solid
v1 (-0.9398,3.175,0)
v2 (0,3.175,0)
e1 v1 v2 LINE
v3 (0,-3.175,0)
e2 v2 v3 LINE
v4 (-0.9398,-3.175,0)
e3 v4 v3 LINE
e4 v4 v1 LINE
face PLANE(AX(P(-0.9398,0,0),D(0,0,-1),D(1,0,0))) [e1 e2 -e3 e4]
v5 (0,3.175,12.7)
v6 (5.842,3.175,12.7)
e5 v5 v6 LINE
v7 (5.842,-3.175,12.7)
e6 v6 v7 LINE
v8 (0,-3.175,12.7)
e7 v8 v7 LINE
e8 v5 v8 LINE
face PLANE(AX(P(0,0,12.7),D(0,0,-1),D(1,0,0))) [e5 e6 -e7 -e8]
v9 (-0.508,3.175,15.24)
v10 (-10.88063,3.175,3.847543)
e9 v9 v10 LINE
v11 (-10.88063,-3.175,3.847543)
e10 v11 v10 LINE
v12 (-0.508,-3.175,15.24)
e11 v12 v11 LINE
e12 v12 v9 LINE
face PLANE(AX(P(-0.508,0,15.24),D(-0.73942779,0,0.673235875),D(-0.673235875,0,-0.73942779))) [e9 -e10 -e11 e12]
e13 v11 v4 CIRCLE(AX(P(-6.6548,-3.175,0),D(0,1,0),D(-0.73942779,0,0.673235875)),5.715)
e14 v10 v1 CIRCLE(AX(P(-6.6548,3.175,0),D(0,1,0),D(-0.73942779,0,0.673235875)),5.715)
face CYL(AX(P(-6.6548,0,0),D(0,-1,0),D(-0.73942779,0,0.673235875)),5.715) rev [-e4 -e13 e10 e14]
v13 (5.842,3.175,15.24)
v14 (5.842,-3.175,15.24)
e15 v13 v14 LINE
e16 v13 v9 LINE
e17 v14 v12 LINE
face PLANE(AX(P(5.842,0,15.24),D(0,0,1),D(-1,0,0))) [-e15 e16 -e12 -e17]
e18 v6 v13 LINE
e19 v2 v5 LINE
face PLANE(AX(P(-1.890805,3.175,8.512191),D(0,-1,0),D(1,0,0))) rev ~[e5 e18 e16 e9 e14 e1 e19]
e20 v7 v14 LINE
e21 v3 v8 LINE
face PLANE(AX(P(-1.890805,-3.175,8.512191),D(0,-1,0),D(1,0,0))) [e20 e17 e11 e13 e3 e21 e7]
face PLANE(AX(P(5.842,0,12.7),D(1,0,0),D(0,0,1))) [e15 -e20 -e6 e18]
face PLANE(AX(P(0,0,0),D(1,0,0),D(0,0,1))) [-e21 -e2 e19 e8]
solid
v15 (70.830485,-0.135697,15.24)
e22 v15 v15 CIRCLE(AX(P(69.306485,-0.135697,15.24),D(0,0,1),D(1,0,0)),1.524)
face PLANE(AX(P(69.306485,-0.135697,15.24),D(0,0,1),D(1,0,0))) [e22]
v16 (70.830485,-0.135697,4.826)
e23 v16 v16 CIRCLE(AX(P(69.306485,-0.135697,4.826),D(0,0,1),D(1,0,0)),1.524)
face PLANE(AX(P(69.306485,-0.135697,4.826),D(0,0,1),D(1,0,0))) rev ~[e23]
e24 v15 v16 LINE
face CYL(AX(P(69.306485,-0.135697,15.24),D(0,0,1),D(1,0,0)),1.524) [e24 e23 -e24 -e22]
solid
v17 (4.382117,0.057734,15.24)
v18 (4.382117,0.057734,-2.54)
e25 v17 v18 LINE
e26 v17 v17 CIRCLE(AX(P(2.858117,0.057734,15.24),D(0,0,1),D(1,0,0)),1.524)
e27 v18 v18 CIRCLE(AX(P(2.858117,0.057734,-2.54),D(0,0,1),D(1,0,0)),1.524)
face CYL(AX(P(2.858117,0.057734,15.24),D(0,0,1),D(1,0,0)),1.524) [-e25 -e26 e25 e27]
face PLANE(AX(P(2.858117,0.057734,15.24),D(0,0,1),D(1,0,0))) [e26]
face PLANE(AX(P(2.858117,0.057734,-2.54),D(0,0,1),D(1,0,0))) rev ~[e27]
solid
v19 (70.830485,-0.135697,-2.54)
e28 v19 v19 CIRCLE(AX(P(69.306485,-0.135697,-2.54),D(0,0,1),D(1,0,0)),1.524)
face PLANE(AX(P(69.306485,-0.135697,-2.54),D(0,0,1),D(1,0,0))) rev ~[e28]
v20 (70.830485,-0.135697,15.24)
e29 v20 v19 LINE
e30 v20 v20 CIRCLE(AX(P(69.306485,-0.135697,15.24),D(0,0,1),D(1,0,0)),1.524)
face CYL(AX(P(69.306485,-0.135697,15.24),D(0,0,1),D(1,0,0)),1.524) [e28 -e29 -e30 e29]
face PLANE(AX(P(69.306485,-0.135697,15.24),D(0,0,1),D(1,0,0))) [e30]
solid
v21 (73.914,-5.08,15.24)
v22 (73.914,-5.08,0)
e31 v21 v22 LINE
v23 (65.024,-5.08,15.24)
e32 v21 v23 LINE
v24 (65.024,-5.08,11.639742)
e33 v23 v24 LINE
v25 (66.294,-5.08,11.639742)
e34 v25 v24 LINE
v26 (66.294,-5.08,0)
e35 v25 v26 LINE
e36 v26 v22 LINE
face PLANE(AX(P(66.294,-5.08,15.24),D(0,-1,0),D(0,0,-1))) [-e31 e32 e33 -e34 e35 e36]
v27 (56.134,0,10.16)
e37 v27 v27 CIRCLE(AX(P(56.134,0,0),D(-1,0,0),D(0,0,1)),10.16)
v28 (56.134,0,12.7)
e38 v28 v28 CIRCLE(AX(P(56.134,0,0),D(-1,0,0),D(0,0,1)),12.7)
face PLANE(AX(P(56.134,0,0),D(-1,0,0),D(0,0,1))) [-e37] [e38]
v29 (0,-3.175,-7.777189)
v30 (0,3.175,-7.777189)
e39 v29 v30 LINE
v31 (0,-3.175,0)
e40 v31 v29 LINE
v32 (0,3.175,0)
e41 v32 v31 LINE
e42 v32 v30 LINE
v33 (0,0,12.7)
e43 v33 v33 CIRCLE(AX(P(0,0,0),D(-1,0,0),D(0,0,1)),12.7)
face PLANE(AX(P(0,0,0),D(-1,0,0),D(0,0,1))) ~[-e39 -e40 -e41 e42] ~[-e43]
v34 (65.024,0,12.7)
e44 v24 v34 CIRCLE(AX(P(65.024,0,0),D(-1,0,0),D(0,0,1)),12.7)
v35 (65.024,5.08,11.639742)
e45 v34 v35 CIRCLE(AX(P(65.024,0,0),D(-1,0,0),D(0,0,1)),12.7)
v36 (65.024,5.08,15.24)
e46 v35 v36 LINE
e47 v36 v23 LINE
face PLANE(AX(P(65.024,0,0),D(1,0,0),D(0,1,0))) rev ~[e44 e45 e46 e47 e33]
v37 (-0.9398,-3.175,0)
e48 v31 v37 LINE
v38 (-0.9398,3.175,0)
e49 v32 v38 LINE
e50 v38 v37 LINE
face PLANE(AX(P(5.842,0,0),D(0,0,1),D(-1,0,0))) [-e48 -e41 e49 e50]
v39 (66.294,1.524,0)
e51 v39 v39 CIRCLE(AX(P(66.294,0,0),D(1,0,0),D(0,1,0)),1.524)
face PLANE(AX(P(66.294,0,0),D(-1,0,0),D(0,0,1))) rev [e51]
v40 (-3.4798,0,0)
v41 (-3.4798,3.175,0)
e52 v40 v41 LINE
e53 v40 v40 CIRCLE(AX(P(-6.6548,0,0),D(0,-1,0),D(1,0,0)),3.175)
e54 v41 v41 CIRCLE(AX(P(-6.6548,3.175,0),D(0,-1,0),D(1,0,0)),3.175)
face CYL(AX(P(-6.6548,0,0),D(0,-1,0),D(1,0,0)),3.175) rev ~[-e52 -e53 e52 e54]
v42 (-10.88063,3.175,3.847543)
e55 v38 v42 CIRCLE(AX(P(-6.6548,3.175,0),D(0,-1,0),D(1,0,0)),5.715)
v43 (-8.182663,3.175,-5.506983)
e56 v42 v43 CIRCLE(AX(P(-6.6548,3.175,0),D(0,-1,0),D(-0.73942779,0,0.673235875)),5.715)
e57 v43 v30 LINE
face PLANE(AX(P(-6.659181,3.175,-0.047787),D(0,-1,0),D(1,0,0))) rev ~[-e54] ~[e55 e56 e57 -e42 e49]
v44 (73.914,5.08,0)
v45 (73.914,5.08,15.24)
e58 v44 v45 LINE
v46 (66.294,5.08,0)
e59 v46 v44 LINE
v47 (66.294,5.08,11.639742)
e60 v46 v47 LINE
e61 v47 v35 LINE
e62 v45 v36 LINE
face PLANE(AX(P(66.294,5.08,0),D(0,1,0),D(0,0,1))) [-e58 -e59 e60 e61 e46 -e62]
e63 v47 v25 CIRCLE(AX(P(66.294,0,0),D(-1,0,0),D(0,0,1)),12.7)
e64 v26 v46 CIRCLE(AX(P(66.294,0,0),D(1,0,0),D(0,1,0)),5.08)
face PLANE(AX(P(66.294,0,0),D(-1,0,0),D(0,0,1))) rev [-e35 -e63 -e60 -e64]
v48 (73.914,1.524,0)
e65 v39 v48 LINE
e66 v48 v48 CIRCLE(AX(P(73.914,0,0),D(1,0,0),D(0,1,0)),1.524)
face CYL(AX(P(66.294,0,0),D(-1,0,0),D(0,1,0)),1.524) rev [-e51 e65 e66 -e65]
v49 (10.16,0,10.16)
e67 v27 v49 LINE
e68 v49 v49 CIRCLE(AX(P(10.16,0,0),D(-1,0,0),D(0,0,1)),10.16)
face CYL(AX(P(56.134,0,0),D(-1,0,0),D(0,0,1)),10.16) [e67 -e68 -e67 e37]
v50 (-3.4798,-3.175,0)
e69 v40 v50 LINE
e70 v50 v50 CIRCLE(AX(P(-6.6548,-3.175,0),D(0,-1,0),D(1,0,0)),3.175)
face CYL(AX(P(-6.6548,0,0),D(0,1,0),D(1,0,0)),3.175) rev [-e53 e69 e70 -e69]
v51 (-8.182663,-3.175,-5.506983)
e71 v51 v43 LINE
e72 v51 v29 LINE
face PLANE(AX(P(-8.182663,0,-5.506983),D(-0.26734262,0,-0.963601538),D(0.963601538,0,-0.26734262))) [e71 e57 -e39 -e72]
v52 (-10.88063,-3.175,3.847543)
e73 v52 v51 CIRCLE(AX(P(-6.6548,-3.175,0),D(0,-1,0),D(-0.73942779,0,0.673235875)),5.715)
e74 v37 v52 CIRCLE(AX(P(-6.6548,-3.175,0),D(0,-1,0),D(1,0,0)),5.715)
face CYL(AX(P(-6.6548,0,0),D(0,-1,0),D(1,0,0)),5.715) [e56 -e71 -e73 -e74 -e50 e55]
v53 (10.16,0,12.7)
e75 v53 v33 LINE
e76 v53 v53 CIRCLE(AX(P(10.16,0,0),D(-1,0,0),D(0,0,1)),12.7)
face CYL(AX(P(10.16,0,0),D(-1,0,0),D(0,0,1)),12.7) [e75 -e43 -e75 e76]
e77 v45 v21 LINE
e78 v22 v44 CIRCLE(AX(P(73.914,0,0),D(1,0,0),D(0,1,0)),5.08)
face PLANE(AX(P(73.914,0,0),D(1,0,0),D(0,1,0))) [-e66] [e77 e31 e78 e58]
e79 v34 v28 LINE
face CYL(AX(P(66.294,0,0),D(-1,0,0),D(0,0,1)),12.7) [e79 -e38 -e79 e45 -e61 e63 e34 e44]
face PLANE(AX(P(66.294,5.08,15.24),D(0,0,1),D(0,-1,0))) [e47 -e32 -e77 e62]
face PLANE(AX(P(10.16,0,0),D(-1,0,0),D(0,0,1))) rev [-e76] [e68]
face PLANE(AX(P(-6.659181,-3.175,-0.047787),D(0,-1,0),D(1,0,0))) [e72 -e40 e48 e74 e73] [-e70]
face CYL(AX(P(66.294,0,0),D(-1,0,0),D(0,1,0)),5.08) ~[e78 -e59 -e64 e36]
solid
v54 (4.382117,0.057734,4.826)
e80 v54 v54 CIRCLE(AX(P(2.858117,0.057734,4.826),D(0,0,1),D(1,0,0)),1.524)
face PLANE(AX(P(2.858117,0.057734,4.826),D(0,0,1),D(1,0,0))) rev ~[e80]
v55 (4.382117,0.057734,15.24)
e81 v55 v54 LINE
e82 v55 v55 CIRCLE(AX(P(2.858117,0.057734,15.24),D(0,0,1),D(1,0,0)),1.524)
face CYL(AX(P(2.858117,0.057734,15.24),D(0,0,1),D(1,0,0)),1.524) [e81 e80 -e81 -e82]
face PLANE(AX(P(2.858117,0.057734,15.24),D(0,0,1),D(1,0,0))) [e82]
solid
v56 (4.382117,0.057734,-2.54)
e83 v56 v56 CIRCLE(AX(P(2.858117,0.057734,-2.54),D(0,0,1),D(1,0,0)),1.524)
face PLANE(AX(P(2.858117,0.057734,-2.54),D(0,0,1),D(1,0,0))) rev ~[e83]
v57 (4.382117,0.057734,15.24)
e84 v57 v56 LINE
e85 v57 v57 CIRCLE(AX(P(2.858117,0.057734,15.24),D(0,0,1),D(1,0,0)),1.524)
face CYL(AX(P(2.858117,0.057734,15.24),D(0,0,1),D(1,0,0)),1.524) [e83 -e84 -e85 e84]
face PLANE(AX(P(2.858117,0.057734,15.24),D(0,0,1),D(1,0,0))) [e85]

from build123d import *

# Parameters (mm, degrees)
F0_W          = 5.842
F0_H          = 12.7
F0_R          = 3.175
F2_DEPTH      = 3.175
F3_DEPTH      = 3.175
F4_R          = 1.524
F5_DEPTH      = 7.62
F5_DEPTH_BACK = 1.27
F7_R          = 1.524
F8_DEPTH      = 17.78
F9_DEPTH      = 17.78
F10_DEPTH     = 10.414


with BuildPart() as f1:
    # F0 (on Front) → F1 (revolve)
    with BuildSketch(Plane.XZ):
        Polygon((5.842, 12.7), (5.842, 0), (66.294, 0), (66.294, 12.7), (56.134, 12.7), (56.134, 10.16), (10.16, 10.16), (10.16, 12.7), align=None)
        with Locations((2.921, 6.35)):
            Rectangle(F0_W, F0_H)
    revolve(axis=Axis((33.147, 0, 0), (-1, 0, 0)))

    # F0 (on Front) → F2 (join, symmetric)
    with BuildSketch(Plane.XZ):
        with BuildLine():
            ThreePointArc((-8.1826630726, -5.5069827884), (-3.1957909266, -4.5493385486), (-0.9398, 0))
            ThreePointArc((-0.9398, 0), (-4.5919612295, 5.3297205562), (-10.8806298187, 3.8475430269))
            ThreePointArc((-10.8806298187, 3.8475430269), (-12.1459778134, -1.5837270034), (-8.1826630726, -5.5069827884))
        make_face()
        with Locations((-6.6548, 0)):
            Circle(F0_R, mode=Mode.SUBTRACT)
        with BuildLine():
            Line((5.842, 0), (0, 0))
            Line((0, 0), (-0.9398, 0))
            ThreePointArc((-0.9398, 0), (-3.1957909266, -4.5493385486), (-8.1826630726, -5.5069827884))
            Line((-8.1826630726, -5.5069827884), (5.842, -9.398))
            Line((5.842, -9.398), (5.842, 0))
        make_face()
    extrude(amount=F2_DEPTH, both=True)

    # F4 (on face) → F5 (join, two sides)
    with BuildSketch(Plane.YZ.offset(66.294)) as f5_sk:
        with BuildLine():
            ThreePointArc((-5.08, 0), (0, -5.08), (5.08, 0))
            ThreePointArc((5.08, 0), (0, 5.08), (-5.08, 0))
        make_face()
        Circle(F4_R, mode=Mode.SUBTRACT)
        with BuildLine():
            ThreePointArc((-5.08, 0), (0, 5.08), (5.08, 0))
            Line((5.08, 0), (5.08, 15.24))
            Line((5.08, 15.24), (-5.08, 15.24))
            Line((-5.08, 15.24), (-5.08, 0))
        make_face()
    extrude(amount=F5_DEPTH)
    extrude(f5_sk.sketch, amount=-F5_DEPTH_BACK)


with BuildPart() as f3:
    # F0 (on Front) → F3 (new body, symmetric)
    with BuildSketch(Plane.XZ):
        with BuildLine():
            Line((-0.9398, 0), (0, 0))
            Line((0, 0), (0, 12.7))
            Line((0, 12.7), (5.842, 12.7))
            Line((5.842, 12.7), (5.842, 15.24))
            Line((5.842, 15.24), (-0.508, 15.24))
            Line((-0.508, 15.24), (-10.8806298187, 3.8475430269))
            ThreePointArc((-10.8806298187, 3.8475430269), (-4.5919612295, 5.3297205562), (-0.9398, 0))
        make_face()
    extrude(amount=F3_DEPTH, both=True)


with BuildPart() as f8:
    # F7 (on face) → F8 (new body)
    with BuildSketch(Plane.XY.offset(15.24)):
        with Locations((69.3064853549, -0.1356968132)):
            Circle(F7_R)
    extrude(amount=-F8_DEPTH)


with BuildPart() as f8b:
    # F7 (on face) → F8, piece 2 (new body)
    with BuildSketch(Plane.XY.offset(15.24)):
        with Locations((2.8581172228, 0.0577344617)):
            Circle(F7_R)
    extrude(amount=-F8_DEPTH)


with BuildPart() as f9:
    # F9 (new): a face of the model
    f9_faces = [f8b.part.faces().sort_by_distance(p)[0] for p in [
        (2.8581172228, 0.0577344617, 15.24),
    ]]
    extrude(f9_faces, amount=-F9_DEPTH)


with BuildPart() as f10:
    # F7 (on face) → F10 (new body)
    with BuildSketch(Plane.XY.offset(15.24)):
        with Locations((69.3064853549, -0.1356968132)):
            Circle(F7_R)
    extrude(amount=-F10_DEPTH)


with BuildPart() as f10b:
    # F7 (on face) → F10, piece 2 (new body)
    with BuildSketch(Plane.XY.offset(15.24)):
        with Locations((2.8581172228, 0.0577344617)):
            Circle(F7_R)
    extrude(amount=-F10_DEPTH)


solid = Compound([f1.part, f3.part, f8.part, f8b.part, f9.part, f10.part, f10b.part])
